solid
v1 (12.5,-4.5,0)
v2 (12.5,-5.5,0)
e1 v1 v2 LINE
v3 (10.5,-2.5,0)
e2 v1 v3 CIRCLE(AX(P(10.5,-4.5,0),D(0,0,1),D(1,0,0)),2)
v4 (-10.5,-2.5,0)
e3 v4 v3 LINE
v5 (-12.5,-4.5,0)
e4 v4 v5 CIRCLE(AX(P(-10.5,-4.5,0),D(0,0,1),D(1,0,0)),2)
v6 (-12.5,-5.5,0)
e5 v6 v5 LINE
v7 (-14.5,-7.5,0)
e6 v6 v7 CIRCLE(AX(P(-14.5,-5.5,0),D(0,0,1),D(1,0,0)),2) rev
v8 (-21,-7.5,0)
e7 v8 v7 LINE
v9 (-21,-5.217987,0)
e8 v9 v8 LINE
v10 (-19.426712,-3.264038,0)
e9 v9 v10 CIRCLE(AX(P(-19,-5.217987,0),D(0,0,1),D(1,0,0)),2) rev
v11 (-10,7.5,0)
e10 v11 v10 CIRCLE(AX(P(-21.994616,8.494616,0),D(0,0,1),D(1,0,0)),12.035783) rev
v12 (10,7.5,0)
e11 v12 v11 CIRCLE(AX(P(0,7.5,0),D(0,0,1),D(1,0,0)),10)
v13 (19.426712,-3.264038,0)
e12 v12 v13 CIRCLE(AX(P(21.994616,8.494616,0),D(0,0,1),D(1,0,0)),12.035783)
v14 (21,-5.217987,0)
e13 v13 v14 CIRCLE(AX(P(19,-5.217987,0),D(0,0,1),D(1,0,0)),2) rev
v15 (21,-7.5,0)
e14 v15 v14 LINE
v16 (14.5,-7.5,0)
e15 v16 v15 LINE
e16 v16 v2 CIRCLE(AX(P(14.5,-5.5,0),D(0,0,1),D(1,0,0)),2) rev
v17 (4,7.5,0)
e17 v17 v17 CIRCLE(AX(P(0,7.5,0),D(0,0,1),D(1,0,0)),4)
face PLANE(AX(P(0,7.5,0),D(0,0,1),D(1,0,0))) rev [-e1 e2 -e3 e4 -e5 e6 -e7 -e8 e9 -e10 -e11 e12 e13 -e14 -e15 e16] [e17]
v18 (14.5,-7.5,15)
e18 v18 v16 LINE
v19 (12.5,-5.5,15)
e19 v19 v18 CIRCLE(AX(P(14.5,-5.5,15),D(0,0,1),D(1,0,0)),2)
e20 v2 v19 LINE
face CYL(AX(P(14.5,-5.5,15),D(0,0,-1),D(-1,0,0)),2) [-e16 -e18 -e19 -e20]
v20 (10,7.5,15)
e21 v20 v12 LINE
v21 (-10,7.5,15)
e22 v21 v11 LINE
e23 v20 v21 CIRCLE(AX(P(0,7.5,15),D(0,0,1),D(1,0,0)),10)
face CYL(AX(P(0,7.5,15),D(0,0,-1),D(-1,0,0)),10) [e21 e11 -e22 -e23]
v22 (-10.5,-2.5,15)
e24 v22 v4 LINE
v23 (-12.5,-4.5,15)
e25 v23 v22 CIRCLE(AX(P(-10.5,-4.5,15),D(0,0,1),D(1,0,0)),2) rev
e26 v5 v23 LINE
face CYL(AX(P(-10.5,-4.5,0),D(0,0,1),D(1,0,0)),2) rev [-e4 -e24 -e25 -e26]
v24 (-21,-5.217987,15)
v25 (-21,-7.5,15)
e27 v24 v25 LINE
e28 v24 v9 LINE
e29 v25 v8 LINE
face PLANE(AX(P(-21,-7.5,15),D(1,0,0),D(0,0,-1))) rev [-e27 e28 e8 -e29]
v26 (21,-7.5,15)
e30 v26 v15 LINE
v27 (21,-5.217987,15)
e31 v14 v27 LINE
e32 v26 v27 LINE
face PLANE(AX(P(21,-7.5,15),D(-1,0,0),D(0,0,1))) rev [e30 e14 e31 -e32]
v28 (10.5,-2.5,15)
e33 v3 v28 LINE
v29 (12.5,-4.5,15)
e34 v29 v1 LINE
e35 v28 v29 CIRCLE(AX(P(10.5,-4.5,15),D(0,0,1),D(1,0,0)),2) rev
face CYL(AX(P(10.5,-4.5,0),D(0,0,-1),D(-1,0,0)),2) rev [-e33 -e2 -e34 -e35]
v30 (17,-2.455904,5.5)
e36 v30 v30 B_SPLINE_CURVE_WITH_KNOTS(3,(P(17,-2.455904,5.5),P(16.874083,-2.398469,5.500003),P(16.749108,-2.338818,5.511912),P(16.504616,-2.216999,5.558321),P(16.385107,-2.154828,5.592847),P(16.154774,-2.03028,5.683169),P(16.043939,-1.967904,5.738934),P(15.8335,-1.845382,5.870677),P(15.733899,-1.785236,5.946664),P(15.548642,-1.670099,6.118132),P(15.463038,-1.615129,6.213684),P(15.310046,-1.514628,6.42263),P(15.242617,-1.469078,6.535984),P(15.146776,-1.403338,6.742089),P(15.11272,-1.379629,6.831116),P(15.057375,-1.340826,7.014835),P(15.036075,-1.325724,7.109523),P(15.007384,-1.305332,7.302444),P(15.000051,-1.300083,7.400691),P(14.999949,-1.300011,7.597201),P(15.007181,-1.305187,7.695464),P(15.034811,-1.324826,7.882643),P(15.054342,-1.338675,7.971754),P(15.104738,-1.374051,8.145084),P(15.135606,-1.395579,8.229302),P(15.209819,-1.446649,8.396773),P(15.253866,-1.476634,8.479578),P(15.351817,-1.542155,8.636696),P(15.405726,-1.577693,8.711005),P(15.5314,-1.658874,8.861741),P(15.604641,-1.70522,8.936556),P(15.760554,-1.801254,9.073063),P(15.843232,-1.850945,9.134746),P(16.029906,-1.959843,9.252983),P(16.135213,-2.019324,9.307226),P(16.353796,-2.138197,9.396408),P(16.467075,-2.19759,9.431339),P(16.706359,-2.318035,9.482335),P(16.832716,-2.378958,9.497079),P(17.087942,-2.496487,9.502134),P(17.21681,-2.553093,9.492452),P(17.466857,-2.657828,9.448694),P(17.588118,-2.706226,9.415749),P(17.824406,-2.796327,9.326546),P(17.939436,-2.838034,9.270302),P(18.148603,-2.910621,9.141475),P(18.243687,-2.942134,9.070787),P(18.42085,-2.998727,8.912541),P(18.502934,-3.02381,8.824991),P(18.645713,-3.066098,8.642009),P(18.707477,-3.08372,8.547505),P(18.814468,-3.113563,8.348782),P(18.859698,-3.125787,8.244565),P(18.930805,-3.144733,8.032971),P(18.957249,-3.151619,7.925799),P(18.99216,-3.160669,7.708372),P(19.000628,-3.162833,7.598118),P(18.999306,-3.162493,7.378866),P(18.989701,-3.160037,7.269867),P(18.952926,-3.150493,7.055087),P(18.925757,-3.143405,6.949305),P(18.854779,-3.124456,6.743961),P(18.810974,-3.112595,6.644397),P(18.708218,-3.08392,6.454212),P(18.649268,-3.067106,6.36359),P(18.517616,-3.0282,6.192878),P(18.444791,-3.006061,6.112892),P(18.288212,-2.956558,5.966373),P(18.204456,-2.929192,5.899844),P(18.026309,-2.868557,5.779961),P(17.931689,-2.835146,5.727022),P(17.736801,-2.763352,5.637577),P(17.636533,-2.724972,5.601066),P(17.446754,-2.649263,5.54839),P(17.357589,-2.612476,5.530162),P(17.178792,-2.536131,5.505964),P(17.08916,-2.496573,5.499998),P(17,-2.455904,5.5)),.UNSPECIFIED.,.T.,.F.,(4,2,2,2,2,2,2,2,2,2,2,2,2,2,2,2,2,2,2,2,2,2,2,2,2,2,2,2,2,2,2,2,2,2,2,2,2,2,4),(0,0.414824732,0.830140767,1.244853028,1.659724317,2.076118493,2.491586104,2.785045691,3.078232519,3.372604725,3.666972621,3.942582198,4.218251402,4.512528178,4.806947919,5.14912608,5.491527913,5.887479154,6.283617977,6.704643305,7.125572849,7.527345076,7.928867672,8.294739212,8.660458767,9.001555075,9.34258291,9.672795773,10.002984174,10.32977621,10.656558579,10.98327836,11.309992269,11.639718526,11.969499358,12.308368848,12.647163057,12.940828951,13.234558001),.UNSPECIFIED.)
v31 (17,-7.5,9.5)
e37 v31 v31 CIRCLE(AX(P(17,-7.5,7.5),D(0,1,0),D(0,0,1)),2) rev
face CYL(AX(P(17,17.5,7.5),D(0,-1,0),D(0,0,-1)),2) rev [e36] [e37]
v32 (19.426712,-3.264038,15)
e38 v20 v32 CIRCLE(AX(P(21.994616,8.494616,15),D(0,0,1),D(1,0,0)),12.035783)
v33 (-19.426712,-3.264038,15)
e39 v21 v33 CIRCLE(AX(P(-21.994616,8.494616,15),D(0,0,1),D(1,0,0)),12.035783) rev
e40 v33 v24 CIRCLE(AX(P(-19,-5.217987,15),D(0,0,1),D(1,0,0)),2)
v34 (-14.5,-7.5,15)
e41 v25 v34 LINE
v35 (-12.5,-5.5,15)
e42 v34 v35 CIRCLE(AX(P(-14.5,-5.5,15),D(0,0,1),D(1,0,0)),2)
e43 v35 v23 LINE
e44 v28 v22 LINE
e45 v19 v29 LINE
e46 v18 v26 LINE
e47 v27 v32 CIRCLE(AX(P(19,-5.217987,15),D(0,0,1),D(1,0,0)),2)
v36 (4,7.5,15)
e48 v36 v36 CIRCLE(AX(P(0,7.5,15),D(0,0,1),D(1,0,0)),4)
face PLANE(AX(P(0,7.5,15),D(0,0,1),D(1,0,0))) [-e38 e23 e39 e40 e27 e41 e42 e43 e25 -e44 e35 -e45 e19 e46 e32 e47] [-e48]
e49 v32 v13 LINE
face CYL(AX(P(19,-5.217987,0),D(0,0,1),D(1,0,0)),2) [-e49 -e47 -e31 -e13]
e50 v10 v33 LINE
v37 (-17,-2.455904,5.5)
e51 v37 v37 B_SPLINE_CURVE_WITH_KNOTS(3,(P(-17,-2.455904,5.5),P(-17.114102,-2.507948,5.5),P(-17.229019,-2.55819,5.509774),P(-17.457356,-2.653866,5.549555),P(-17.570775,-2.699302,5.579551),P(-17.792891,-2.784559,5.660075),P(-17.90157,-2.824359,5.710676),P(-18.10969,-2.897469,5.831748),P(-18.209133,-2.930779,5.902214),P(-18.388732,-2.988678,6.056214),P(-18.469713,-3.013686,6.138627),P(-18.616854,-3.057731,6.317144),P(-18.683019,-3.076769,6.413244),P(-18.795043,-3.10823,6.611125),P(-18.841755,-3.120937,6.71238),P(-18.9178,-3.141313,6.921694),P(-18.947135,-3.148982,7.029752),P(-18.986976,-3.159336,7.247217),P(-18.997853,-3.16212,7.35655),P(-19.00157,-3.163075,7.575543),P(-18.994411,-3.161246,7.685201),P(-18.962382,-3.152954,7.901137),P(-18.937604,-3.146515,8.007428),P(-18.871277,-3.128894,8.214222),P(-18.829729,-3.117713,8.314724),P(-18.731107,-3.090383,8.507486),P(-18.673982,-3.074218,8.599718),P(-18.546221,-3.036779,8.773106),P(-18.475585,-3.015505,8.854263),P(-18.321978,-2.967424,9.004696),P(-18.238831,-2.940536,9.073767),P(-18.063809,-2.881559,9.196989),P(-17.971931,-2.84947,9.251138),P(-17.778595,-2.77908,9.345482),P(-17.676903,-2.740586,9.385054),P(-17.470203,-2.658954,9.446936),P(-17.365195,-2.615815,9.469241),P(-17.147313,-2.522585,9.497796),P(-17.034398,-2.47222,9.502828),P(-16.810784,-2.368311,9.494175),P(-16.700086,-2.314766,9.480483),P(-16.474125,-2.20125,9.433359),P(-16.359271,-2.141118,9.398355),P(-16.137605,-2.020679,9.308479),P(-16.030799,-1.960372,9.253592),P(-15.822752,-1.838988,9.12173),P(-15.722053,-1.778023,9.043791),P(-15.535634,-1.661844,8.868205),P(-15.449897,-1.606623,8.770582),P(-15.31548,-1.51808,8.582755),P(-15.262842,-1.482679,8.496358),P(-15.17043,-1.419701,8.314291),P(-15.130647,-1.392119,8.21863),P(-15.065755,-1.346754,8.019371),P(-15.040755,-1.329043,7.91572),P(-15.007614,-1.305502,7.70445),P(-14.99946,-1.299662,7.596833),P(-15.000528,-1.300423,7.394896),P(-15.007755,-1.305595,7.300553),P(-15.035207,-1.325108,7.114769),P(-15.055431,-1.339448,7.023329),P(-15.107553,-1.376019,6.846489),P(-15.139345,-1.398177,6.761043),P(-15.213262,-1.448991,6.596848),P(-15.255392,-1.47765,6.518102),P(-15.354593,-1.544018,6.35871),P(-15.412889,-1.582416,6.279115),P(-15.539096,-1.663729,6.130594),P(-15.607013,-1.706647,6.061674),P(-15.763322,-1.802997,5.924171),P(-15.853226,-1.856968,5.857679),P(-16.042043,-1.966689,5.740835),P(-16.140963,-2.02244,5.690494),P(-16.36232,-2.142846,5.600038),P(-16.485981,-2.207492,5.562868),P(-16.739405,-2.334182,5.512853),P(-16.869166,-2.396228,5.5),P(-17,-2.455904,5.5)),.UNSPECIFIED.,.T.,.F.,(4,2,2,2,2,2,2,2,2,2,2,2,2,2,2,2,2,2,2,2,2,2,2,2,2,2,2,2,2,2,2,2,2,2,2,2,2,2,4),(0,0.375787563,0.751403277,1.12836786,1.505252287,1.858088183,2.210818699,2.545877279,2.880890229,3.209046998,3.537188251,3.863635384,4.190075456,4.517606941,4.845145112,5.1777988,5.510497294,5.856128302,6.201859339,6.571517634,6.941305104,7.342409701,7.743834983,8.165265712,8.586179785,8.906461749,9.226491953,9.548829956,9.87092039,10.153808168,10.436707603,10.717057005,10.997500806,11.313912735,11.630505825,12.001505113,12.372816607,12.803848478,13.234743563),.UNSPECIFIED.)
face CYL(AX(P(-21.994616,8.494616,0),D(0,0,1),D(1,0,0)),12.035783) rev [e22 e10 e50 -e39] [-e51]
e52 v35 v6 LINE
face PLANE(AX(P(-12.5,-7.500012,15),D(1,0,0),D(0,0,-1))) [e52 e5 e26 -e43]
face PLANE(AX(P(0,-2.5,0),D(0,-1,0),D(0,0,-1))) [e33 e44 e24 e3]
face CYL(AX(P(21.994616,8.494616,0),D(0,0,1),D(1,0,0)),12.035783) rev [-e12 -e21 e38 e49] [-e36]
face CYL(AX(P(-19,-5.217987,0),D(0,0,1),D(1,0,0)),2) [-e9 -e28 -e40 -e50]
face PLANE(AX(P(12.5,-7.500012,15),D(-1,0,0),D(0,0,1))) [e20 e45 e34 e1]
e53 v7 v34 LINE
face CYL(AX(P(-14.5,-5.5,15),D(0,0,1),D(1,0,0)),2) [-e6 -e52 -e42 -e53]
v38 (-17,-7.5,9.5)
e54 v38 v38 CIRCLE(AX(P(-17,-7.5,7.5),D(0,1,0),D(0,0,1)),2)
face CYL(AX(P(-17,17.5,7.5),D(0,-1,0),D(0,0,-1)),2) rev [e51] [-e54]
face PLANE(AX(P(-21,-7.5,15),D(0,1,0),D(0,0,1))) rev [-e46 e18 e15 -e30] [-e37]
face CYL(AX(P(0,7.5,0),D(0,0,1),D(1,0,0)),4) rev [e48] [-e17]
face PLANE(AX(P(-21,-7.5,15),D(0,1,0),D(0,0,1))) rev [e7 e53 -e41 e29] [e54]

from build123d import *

# Parameters (mm, degrees)
BOSS_EXTRUDE1_DEPTH     = 15
CUT_EXTRUDE1_DEPTH      = 32.180923655
CUT_EXTRUDE1_DEPTH_BACK = 32.180923655
SKETCH2_R               = 4
CUT_EXTRUDE2_DEPTH      = 32.180923655
CUT_EXTRUDE2_DEPTH_BACK = 32.180923655
CUT_EXTRUDE3_DEPTH      = 36.930488446
CUT_EXTRUDE3_DEPTH_BACK = 36.930488446
SKETCH5_R               = 2
CUT_EXTRUDE4_DEPTH      = 36.930488547
CUT_EXTRUDE4_DEPTH_BACK = 5
SKETCH7_W               = 25
SKETCH7_H               = 15
FILLET1_R               = 2


with BuildPart() as part:
    # Sketch1 → Boss-Extrude1 (new body)
    with BuildSketch(Plane.XY):
        with BuildLine():
            Line((-21, -7.5), (21, -7.5))
            Line((21, -7.5), (21, 7.5))
            Line((21, 7.5), (10, 7.5))
            ThreePointArc((10, 7.5), (0, 17.5), (-10, 7.5))
            Line((-10, 7.5), (-21, 7.5))
            Line((-21, 7.5), (-21, -7.5))
        make_face()
    extrude(amount=BOSS_EXTRUDE1_DEPTH)

    # Sketch2 → Cut-Extrude1 (cut, two sides: drawn at the far end of the back side and taken through both)
    with BuildSketch(Plane.XY.offset(15).offset(-CUT_EXTRUDE1_DEPTH_BACK)):
        with Locations((0, 7.5)):
            Circle(SKETCH2_R)
    extrude(amount=CUT_EXTRUDE1_DEPTH + CUT_EXTRUDE1_DEPTH_BACK, mode=Mode.SUBTRACT)

    # Sketch4 → Cut-Extrude2 (cut, two sides: drawn at the far end of the back side and taken through both)
    with BuildSketch(Plane.XY.offset(15).offset(-CUT_EXTRUDE2_DEPTH_BACK)):
        with BuildLine():
            ThreePointArc((-21, -3.5), (-13.484032178, -0.015967822), (-10, 7.5))
            Line((-10, 7.5), (-21, 7.5))
            Line((-21, 7.5), (-21, -3.5))
        make_face()
        with BuildLine():
            Line((21, 7.5), (10, 7.5))
            ThreePointArc((10, 7.5), (13.484032178, -0.015967822), (21, -3.5))
            Line((21, -3.5), (21, 7.5))
        make_face()
    extrude(amount=CUT_EXTRUDE2_DEPTH + CUT_EXTRUDE2_DEPTH_BACK, mode=Mode.SUBTRACT)

    # Sketch5 → Cut-Extrude3 (cut, two sides: drawn at the far end of the back side and taken through both)
    with BuildSketch(Plane.XZ.offset(7.5).offset(-CUT_EXTRUDE3_DEPTH_BACK)):
        with Locations(Location((-17, 7.5, 0), (0, 0, 270))):
            Circle(SKETCH5_R)
        with Locations(Location((17, 7.5, 0), (0, 0, 270))):
            Circle(SKETCH5_R)
    extrude(amount=CUT_EXTRUDE3_DEPTH + CUT_EXTRUDE3_DEPTH_BACK, mode=Mode.SUBTRACT)

    # Sketch7 → Cut-Extrude4 (cut, two sides: drawn at the far end of the back side and taken through both)
    with BuildSketch(Plane.XZ.offset(7.5).offset(-CUT_EXTRUDE4_DEPTH_BACK)):
        with Locations((0, 7.5)):
            Rectangle(SKETCH7_W, SKETCH7_H)
    extrude(amount=CUT_EXTRUDE4_DEPTH + CUT_EXTRUDE4_DEPTH_BACK, mode=Mode.SUBTRACT)

    # Fillet1
    fillet1_edges = [part.edges().sort_by_distance(p)[0] for p in [
        (-21, -3.5, 7.5),
        (21, -3.5, 7.5),
        (12.5, -2.5, 7.5),
        (-12.5, -2.5, 7.5),
        (12.5, -7.5, 7.5),
        (-12.5, -7.5, 7.5),
    ]]
    fillet(fillet1_edges, radius=FILLET1_R)


solid = part.part
